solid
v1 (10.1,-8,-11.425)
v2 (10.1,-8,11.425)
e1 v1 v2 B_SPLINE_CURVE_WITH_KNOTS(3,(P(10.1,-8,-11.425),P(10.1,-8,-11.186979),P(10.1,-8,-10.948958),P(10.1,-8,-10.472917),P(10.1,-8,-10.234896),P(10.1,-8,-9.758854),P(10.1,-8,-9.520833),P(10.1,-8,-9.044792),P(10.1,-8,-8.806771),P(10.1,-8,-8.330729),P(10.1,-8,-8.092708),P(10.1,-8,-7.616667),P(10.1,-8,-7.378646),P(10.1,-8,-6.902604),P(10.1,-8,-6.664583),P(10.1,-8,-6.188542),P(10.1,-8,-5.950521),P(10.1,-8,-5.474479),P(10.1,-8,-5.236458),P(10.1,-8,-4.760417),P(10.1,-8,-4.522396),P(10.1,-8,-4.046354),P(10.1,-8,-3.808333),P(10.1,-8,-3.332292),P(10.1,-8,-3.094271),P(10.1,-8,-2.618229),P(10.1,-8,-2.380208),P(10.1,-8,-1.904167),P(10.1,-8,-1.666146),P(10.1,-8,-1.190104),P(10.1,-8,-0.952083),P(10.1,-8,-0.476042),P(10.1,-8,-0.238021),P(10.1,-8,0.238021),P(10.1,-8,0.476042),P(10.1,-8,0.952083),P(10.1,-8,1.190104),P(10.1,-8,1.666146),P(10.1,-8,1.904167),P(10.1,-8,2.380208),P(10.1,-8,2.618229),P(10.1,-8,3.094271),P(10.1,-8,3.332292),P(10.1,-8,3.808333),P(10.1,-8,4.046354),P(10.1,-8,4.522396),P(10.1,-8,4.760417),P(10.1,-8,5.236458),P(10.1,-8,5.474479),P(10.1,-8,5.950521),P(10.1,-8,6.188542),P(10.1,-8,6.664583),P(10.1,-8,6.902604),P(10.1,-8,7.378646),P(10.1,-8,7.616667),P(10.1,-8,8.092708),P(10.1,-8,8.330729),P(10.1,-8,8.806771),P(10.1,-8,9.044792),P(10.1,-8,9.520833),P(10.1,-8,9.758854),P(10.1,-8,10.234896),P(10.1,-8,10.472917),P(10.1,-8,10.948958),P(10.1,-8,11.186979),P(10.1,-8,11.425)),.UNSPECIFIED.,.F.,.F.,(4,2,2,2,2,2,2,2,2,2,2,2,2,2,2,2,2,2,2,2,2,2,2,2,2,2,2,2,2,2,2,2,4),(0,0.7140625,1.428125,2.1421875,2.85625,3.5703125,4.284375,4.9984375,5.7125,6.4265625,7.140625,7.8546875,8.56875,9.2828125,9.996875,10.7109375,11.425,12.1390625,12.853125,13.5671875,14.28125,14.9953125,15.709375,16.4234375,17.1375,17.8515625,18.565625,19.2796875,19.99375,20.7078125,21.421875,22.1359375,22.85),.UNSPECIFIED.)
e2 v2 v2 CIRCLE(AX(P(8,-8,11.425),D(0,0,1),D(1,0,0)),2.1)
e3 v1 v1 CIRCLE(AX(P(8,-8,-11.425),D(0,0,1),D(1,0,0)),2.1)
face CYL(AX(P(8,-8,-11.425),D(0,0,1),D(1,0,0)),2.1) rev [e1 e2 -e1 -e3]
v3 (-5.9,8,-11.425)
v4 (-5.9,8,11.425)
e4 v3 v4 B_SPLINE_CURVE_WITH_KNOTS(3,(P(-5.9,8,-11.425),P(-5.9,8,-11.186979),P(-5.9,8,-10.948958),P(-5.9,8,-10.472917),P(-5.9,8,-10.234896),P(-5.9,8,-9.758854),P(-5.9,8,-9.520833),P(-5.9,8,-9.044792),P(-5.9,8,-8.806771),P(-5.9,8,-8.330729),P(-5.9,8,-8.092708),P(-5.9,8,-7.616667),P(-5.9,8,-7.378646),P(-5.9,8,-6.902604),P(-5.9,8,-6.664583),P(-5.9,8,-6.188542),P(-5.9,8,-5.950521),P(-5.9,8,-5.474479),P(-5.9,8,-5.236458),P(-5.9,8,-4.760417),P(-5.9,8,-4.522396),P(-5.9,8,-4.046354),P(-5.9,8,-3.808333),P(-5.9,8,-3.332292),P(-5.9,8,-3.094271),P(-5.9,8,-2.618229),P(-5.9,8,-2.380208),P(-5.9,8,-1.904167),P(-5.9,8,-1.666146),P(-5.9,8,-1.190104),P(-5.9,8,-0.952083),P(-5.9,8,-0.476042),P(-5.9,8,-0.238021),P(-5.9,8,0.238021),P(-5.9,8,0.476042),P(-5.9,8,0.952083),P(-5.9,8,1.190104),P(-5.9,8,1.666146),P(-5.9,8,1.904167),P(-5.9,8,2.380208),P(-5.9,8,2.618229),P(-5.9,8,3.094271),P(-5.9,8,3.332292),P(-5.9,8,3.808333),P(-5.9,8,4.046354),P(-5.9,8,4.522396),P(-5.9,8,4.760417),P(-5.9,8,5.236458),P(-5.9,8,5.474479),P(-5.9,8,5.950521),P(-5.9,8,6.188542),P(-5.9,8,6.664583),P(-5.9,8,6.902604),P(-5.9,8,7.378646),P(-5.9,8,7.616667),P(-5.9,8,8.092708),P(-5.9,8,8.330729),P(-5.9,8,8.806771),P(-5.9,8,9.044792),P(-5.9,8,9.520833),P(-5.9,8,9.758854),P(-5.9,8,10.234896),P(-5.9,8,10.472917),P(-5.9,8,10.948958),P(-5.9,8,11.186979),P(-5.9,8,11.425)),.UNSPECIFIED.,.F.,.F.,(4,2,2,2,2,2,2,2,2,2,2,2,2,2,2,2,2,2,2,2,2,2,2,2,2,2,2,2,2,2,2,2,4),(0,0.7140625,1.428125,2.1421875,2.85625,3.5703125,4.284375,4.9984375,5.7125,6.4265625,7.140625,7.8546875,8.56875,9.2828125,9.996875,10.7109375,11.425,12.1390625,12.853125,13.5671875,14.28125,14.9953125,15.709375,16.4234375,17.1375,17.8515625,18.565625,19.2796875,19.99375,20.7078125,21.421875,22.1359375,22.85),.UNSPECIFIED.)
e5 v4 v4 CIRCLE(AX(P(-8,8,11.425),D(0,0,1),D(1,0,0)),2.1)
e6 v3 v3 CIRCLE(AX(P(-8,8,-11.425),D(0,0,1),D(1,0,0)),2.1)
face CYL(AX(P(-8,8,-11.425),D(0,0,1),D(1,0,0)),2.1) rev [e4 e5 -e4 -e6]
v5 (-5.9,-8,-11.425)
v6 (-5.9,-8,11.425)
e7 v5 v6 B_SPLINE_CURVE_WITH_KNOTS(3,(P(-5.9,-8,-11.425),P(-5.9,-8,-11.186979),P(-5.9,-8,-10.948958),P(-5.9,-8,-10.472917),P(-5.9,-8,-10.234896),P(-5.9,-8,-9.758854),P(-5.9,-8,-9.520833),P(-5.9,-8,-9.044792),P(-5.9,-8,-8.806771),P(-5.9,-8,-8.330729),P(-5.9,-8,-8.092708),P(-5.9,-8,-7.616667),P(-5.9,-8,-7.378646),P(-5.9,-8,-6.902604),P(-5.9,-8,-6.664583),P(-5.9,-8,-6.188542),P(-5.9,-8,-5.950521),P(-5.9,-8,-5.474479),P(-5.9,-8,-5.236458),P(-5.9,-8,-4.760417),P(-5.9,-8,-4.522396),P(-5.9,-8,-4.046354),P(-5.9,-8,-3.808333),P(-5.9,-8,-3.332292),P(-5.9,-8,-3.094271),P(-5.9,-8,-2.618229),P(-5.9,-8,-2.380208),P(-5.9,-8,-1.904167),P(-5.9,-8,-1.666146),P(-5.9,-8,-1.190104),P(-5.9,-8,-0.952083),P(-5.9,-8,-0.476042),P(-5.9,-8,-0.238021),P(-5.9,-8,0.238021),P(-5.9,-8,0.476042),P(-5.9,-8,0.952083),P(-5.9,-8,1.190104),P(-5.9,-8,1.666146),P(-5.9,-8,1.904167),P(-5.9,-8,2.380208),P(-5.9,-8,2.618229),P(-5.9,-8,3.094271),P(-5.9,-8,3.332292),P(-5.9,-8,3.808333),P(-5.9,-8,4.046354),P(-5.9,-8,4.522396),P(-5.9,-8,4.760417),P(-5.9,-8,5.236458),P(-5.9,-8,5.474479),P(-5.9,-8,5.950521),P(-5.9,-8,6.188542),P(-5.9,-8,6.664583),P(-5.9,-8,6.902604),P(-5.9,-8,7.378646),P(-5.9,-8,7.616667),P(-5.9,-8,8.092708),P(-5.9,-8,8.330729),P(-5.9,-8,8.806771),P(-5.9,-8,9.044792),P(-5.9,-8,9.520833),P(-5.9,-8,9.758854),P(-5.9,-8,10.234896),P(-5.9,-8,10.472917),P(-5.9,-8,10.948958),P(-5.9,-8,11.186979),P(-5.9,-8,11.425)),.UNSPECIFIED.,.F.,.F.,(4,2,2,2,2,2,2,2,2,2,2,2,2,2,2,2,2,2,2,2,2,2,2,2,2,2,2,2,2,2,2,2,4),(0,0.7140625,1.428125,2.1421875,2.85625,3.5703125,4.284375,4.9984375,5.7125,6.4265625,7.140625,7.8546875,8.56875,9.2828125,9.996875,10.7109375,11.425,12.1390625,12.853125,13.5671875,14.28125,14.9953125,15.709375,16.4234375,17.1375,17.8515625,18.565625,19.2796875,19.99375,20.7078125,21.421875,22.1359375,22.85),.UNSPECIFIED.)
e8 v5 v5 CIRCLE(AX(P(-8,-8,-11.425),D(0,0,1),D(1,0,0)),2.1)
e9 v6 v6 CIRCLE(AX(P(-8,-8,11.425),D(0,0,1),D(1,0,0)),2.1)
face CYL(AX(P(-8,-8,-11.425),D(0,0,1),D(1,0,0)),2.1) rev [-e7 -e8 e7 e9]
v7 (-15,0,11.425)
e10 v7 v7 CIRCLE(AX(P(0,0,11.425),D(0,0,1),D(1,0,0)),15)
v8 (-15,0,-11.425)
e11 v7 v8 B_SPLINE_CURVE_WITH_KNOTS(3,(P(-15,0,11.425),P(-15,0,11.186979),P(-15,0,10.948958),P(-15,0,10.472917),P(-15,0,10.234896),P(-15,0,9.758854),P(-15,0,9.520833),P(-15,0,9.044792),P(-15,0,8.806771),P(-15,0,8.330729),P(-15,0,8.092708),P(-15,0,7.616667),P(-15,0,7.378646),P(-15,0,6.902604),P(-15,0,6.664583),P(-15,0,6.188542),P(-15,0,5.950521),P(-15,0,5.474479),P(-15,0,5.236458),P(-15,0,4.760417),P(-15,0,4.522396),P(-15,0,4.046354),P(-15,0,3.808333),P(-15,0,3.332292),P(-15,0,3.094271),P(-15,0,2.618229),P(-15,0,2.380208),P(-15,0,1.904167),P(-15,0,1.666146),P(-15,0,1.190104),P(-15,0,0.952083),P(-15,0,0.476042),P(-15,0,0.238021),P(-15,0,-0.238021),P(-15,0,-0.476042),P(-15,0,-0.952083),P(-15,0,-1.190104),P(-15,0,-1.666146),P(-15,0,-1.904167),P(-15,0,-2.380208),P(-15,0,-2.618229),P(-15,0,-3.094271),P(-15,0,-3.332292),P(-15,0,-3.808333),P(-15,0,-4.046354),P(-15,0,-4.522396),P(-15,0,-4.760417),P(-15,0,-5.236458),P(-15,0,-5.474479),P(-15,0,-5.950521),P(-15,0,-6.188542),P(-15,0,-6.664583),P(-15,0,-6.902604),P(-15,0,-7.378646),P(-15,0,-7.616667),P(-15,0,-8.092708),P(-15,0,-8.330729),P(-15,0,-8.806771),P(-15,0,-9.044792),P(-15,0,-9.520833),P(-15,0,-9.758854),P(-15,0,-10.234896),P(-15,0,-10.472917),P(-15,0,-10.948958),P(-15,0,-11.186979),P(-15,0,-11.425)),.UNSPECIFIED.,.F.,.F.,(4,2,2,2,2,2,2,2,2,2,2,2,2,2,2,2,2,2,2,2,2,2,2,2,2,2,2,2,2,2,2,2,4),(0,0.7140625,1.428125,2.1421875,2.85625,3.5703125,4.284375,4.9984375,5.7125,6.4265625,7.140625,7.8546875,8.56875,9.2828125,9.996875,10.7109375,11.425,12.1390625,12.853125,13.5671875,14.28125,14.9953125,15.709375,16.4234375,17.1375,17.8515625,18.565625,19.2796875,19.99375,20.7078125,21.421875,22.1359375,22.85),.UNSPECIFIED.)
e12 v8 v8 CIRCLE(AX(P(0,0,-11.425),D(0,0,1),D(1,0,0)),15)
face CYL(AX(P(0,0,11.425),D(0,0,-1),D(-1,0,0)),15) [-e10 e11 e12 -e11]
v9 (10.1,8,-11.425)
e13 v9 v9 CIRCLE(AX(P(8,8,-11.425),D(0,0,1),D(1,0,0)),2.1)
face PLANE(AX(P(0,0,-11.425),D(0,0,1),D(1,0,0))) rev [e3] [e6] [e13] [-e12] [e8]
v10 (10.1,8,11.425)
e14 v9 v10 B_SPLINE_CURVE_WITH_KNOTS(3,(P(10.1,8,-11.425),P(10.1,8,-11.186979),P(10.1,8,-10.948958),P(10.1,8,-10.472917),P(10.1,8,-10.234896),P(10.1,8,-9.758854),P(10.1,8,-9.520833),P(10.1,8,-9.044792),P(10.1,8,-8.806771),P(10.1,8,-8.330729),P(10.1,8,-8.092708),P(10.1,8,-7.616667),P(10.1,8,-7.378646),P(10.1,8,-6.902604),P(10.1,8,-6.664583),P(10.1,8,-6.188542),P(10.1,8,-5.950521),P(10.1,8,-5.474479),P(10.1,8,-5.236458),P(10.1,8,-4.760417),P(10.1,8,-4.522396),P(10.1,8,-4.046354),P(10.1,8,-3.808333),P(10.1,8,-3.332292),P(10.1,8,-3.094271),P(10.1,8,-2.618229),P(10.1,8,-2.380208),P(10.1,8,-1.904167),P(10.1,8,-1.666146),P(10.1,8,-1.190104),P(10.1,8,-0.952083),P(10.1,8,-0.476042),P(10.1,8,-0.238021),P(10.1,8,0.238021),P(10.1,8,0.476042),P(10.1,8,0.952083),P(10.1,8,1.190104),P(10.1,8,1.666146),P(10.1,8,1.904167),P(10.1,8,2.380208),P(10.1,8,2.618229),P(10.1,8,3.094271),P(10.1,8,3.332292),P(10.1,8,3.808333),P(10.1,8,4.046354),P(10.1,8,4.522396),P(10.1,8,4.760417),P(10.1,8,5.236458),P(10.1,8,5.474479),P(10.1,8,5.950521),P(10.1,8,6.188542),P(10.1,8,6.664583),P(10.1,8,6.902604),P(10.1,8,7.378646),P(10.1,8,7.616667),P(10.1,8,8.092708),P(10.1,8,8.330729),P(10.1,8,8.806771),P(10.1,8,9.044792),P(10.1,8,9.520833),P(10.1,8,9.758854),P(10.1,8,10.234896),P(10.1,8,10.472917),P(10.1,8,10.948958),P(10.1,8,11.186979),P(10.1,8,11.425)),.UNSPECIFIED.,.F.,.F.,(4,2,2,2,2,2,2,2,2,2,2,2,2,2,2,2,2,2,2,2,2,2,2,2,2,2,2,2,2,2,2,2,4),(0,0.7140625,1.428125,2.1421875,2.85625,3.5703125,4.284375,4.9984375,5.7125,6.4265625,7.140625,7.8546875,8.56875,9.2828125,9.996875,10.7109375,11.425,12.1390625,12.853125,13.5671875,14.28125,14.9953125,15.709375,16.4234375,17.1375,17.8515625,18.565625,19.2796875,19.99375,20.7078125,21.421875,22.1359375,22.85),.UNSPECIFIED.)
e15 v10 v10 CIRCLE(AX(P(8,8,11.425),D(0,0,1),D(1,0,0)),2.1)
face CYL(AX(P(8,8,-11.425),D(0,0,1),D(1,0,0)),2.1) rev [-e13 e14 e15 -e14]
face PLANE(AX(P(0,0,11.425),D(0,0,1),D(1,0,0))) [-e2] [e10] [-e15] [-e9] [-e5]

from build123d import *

# Parameters (mm, degrees)
SKETCH1_R           = 15
BOSS_EXTRUDE1_DEPTH = 11.425
SKETCH2_R           = 2.1
CUT_EXTRUDE1_DEPTH  = 32.178879069


with BuildPart() as part:
    # Sketch1 → Boss-Extrude1 (new, symmetric)
    with BuildSketch(Plane.XY):
        with Locations(Location((0, 0, 0), (0, 0, 180))):
            Circle(SKETCH1_R)
    extrude(amount=BOSS_EXTRUDE1_DEPTH, both=True)

    # Sketch2 → Cut-Extrude1 (cut, through all)
    with BuildSketch(Plane.XY.offset(11.425)):
        with Locations((-8, 8)):
            Circle(SKETCH2_R)
        with Locations((8, 8)):
            Circle(SKETCH2_R)
        with Locations((8, -8)):
            Circle(SKETCH2_R)
        with Locations((-8, -8)):
            Circle(SKETCH2_R)
    extrude(amount=-CUT_EXTRUDE1_DEPTH, mode=Mode.SUBTRACT)


solid = part.part
